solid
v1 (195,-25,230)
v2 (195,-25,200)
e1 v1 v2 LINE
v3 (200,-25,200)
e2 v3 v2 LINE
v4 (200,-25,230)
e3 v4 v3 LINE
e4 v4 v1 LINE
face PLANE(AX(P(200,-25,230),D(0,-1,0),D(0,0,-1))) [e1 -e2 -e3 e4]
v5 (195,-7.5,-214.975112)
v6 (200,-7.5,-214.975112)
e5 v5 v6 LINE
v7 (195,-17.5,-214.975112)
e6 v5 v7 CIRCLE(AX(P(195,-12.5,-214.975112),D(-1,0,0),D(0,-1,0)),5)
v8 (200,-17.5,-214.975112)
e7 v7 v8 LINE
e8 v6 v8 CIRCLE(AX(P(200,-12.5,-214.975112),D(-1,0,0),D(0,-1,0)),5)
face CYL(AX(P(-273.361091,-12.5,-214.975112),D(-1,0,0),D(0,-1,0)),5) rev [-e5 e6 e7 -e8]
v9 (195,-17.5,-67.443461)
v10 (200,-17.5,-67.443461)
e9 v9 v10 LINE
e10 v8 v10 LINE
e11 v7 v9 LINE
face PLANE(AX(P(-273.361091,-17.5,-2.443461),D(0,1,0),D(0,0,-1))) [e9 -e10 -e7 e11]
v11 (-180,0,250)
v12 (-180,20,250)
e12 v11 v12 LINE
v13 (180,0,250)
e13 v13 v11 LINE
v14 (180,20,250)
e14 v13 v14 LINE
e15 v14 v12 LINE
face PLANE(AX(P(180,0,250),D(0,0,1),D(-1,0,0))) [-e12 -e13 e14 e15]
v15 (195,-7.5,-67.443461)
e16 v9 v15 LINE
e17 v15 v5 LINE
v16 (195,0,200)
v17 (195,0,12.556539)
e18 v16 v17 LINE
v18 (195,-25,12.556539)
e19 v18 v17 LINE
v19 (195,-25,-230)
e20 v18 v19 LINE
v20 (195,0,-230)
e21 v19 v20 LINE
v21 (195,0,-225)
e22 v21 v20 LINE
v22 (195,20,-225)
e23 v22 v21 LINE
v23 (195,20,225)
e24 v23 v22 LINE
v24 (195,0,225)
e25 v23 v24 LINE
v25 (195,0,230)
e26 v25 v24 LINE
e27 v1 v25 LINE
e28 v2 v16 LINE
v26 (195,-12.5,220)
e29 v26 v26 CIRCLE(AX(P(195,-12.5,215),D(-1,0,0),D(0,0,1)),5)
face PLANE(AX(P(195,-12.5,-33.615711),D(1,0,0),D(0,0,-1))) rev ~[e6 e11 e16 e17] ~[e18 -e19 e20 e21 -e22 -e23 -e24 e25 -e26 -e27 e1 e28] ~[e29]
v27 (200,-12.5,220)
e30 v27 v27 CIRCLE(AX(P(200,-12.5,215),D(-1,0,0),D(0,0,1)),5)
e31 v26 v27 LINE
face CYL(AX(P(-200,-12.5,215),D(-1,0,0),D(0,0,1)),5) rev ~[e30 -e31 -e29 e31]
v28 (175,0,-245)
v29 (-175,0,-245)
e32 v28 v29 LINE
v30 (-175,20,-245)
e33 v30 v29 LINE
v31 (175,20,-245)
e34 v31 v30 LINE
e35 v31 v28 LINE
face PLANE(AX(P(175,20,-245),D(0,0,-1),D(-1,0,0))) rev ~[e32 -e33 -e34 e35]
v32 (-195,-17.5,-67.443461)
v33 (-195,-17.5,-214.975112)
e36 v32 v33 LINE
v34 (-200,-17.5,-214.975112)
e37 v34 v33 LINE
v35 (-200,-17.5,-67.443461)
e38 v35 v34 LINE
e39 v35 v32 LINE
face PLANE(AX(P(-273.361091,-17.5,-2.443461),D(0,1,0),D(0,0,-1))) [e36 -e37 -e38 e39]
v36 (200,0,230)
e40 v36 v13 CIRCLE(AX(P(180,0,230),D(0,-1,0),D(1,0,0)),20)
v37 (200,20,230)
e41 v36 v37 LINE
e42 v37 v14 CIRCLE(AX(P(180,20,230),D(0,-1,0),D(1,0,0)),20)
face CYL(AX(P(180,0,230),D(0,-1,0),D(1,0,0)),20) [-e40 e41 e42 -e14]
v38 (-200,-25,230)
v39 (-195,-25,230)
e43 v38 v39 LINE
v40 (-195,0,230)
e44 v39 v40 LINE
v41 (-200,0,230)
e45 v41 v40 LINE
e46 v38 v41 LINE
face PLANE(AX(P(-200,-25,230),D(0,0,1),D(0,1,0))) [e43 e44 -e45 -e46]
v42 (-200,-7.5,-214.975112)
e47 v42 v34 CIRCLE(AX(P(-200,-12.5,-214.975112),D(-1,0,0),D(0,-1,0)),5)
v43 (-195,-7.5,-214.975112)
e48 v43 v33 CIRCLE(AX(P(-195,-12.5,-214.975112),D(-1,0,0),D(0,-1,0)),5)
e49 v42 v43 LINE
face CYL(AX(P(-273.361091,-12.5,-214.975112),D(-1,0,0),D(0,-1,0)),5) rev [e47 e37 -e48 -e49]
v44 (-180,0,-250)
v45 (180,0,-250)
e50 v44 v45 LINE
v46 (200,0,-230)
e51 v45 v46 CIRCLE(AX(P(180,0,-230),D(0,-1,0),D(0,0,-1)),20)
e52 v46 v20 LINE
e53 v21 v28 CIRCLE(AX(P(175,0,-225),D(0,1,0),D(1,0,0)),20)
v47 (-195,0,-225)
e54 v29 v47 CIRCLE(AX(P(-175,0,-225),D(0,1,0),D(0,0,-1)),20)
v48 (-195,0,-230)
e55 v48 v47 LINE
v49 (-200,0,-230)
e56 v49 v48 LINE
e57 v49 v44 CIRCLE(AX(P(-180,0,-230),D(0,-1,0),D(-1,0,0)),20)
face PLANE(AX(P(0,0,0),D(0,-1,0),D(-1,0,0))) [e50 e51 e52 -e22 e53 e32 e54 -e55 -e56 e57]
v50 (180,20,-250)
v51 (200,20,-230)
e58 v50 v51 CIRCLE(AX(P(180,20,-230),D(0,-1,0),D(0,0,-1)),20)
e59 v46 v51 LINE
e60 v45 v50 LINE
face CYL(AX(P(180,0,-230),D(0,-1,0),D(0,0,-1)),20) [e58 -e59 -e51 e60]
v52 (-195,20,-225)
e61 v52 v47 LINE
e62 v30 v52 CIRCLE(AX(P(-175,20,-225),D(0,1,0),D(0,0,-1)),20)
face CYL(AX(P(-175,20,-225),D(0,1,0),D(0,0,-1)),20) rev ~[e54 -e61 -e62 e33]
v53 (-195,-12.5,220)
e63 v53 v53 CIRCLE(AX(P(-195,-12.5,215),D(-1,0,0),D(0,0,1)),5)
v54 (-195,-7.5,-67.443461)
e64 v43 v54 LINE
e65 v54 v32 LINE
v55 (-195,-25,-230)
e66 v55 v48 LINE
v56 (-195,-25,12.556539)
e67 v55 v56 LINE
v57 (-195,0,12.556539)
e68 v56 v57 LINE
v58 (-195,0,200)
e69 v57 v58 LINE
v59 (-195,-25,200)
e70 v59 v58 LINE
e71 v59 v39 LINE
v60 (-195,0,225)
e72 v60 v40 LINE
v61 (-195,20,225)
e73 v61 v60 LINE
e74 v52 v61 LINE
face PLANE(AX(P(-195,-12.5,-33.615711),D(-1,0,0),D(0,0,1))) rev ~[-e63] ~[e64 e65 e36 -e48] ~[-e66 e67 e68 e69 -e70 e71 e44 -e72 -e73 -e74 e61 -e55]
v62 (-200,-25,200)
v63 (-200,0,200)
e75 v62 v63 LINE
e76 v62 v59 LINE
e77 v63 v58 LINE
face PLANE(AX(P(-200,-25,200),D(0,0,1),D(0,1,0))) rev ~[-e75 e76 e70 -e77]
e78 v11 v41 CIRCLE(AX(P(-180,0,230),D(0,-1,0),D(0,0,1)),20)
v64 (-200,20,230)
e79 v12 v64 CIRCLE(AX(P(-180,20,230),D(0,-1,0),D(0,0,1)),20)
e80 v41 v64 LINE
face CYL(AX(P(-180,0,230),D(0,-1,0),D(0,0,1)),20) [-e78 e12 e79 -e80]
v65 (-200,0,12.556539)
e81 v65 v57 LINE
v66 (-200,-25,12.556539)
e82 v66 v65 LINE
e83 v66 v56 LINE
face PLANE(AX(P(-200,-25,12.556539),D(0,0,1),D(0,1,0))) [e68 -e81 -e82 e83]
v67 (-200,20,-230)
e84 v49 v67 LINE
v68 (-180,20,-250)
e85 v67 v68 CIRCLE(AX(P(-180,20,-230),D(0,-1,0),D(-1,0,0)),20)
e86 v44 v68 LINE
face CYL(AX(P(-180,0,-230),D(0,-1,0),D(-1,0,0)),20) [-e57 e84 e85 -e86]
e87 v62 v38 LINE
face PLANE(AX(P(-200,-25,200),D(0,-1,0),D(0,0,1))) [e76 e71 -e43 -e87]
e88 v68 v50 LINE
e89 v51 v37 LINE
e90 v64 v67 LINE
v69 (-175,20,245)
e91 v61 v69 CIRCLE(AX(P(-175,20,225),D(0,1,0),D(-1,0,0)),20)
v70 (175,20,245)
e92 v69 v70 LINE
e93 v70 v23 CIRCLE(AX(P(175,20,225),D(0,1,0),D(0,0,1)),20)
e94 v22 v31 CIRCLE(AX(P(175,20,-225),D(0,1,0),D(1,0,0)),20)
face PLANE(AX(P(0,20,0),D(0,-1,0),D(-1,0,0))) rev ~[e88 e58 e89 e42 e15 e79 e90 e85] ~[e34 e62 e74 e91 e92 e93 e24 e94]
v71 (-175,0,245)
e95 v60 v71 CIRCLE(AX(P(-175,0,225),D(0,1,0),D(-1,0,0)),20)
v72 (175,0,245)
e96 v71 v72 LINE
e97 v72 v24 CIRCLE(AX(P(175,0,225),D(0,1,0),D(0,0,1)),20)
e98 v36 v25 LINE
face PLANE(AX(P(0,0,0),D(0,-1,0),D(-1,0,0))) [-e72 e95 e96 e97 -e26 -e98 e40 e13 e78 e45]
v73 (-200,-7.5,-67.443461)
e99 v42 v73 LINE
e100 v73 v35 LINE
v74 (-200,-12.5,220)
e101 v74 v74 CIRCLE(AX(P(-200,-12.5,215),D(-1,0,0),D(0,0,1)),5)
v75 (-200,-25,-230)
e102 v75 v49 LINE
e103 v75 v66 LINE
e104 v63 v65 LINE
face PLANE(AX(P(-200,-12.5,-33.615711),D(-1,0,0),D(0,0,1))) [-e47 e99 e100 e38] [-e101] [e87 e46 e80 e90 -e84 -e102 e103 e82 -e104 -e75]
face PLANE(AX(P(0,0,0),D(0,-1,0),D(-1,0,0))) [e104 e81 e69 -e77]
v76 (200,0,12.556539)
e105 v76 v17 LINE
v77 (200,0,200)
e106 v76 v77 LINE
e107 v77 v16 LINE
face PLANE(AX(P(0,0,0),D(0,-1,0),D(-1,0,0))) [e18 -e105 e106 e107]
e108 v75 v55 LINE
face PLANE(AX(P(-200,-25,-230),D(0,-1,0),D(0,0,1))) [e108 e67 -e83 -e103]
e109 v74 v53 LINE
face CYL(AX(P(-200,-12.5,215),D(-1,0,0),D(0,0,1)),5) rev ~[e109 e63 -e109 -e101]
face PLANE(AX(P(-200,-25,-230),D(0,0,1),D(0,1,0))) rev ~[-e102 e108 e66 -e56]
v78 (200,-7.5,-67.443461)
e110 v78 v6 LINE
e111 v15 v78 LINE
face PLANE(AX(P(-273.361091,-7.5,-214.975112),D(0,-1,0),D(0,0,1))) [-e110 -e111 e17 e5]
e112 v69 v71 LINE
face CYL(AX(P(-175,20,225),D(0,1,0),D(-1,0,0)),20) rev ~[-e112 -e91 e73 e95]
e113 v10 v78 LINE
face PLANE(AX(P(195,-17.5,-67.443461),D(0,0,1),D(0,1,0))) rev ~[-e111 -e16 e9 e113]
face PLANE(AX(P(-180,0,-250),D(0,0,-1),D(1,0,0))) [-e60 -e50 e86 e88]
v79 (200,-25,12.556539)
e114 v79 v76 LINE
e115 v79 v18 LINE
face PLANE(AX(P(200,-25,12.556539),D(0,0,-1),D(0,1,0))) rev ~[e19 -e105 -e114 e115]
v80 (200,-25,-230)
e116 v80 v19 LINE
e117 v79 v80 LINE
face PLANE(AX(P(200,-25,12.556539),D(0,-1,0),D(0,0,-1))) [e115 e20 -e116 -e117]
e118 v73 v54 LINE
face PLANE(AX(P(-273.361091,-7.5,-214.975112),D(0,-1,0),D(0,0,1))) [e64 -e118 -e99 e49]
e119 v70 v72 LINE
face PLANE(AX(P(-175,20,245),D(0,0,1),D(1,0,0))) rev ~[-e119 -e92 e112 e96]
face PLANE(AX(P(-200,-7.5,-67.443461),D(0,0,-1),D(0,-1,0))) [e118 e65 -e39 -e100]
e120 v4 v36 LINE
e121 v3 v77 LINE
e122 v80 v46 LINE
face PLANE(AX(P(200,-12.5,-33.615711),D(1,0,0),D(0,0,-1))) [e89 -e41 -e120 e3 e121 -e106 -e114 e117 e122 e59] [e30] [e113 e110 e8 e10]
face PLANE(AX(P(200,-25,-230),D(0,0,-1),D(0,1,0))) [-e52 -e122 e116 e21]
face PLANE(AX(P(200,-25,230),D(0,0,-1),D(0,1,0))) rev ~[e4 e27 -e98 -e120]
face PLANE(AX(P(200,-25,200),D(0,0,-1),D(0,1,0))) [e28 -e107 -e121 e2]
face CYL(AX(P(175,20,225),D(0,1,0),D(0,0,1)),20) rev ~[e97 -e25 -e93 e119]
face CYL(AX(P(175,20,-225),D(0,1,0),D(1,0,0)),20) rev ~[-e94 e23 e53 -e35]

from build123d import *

# Parameters (mm, degrees)
BOSS_EXTRUDE2_DEPTH     = 20
CUT_EXTRUDE1_DEPTH      = 20
SKETCH7_W               = 242.556539121
SKETCH7_H               = 25
BOSS_EXTRUDE3_DEPTH     = 5
SKETCH8_W               = 242.556539121
SKETCH8_H               = 25
BOSS_EXTRUDE4_DEPTH     = 5
CUT_EXTRUDE2_DEPTH      = 473.361090692
CUT_EXTRUDE2_DEPTH_BACK = 473.361090692
SKETCH11_W              = 30
SKETCH11_H              = 25
BOSS_EXTRUDE5_DEPTH     = 5
SKETCH13_W              = 30
SKETCH13_H              = 25
BOSS_EXTRUDE6_DEPTH     = 5
SKETCH14_R              = 5
CUT_EXTRUDE3_DEPTH      = 473.361090692
BOSS_EXTRUDE7_DEPTH     = 5
BOSS_EXTRUDE8_START     = -5
BOSS_EXTRUDE8_DEPTH     = 5


with BuildPart() as part:
    # Sketch5 → Boss-Extrude2 (new body)
    with BuildSketch(Plane(origin=(0, 0, 0), x_dir=(1, 0, 0), z_dir=(0, 1, 0))):
        with BuildLine():
            Line((-180, 250), (180, 250))
            ThreePointArc((180, 250), (194.142135624, 244.142135624), (200, 230))
            Line((200, 230), (200, -230))
            ThreePointArc((200, -230), (194.142135624, -244.142135624), (180, -250))
            Line((180, -250), (-180, -250))
            ThreePointArc((-180, -250), (-194.142135624, -244.142135624), (-200, -230))
            Line((-200, -230), (-200, 230))
            ThreePointArc((-200, 230), (-194.142135624, 244.142135624), (-180, 250))
        make_face()
    extrude(amount=BOSS_EXTRUDE2_DEPTH)

    # Sketch6 → Cut-Extrude1 (cut)
    with BuildSketch(Plane(origin=(0, 20, 0), x_dir=(1, 0, 0), z_dir=(0, 1, 0))):
        with BuildLine():
            Line((-175, -245), (175, -245))
            ThreePointArc((175, -245), (189.142135624, -239.142135624), (195, -225))
            Line((195, -225), (195, 225))
            ThreePointArc((195, 225), (189.142135624, 239.142135624), (175, 245))
            Line((175, 245), (-175, 245))
            ThreePointArc((-175, 245), (-189.142135624, 239.142135624), (-195, 225))
            Line((-195, 225), (-195, -225))
            ThreePointArc((-195, -225), (-189.142135624, -239.142135624), (-175, -245))
        make_face()
    extrude(amount=-CUT_EXTRUDE1_DEPTH, mode=Mode.SUBTRACT)

    # Sketch7 → Boss-Extrude3 (add)
    with BuildSketch(Plane(origin=(200, 0, 0), x_dir=(0, 0, -1), z_dir=(1, 0, 0))):
        with Locations((108.72173044, -12.5)):
            Rectangle(SKETCH7_W, SKETCH7_H)
    extrude(amount=-BOSS_EXTRUDE3_DEPTH)

    # Sketch8 → Boss-Extrude4 (add)
    with BuildSketch(Plane.ZY.offset(200)):
        with Locations((-108.72173044, -12.5)):
            Rectangle(SKETCH8_W, SKETCH8_H)
    extrude(amount=-BOSS_EXTRUDE4_DEPTH)

    # Sketch10 → Cut-Extrude2 (cut, two sides: drawn at the far end of the back side and taken through both)
    with BuildSketch(Plane(origin=(200, 0, 0), x_dir=(0, 0, -1), z_dir=(1, 0, 0)).offset(-CUT_EXTRUDE2_DEPTH_BACK)):
        with BuildLine():
            Line((214.975112076, -7.5), (2.443460879, -7.5))
            ThreePointArc((2.443460879, -7.5), (-2.556539121, -12.5), (2.443460879, -17.5))
            Line((2.443460879, -17.5), (214.975112076, -17.5))
            ThreePointArc((214.975112076, -17.5), (219.975112076, -12.5), (214.975112076, -7.5))
        make_face()
    extrude(amount=CUT_EXTRUDE2_DEPTH + CUT_EXTRUDE2_DEPTH_BACK, mode=Mode.SUBTRACT)

    # Sketch11 → Boss-Extrude5 (add)
    with BuildSketch(Plane(origin=(200, 0, 0), x_dir=(0, 0, -1), z_dir=(1, 0, 0))):
        with Locations((-215, -12.5)):
            Rectangle(SKETCH11_W, SKETCH11_H)
    extrude(amount=-BOSS_EXTRUDE5_DEPTH)

    # Sketch13 → Boss-Extrude6 (add)
    with BuildSketch(Plane.ZY.offset(200)):
        with Locations((215, -12.5)):
            Rectangle(SKETCH13_W, SKETCH13_H)
    extrude(amount=-BOSS_EXTRUDE6_DEPTH)

    # Sketch14 → Cut-Extrude3 (cut, through all)
    with BuildSketch(Plane.ZY.offset(200)):
        with Locations((215, -12.5)):
            Circle(SKETCH14_R)
    extrude(amount=-CUT_EXTRUDE3_DEPTH, mode=Mode.SUBTRACT)

    # Sketch16 → Boss-Extrude7 (add)
    with BuildSketch(Plane.ZY.offset(200)):
        with BuildLine():
            Line((-67.443460879, -17.5), (-2.443460879, -17.5))
            ThreePointArc((-2.443460879, -17.5), (2.556539121, -12.5), (-2.443460879, -7.5))
            Line((-2.443460879, -7.5), (-67.443460879, -7.5))
            Line((-67.443460879, -7.5), (-67.443460879, -17.5))
        make_face()
    extrude(amount=-BOSS_EXTRUDE7_DEPTH)

    # Sketch17 → Boss-Extrude8 (add)
    with BuildSketch(Plane(origin=(200, 0, 0), x_dir=(0, 0, -1), z_dir=(1, 0, 0)).offset(BOSS_EXTRUDE8_START)):
        with BuildLine():
            Line((67.443460879, -17.5), (67.443460879, -7.5))
            Line((67.443460879, -7.5), (2.443460879, -7.5))
            ThreePointArc((2.443460879, -7.5), (-2.556539121, -12.5), (2.443460879, -17.5))
            Line((2.443460879, -17.5), (67.443460879, -17.5))
        make_face()
    extrude(amount=BOSS_EXTRUDE8_DEPTH)


solid = part.part
